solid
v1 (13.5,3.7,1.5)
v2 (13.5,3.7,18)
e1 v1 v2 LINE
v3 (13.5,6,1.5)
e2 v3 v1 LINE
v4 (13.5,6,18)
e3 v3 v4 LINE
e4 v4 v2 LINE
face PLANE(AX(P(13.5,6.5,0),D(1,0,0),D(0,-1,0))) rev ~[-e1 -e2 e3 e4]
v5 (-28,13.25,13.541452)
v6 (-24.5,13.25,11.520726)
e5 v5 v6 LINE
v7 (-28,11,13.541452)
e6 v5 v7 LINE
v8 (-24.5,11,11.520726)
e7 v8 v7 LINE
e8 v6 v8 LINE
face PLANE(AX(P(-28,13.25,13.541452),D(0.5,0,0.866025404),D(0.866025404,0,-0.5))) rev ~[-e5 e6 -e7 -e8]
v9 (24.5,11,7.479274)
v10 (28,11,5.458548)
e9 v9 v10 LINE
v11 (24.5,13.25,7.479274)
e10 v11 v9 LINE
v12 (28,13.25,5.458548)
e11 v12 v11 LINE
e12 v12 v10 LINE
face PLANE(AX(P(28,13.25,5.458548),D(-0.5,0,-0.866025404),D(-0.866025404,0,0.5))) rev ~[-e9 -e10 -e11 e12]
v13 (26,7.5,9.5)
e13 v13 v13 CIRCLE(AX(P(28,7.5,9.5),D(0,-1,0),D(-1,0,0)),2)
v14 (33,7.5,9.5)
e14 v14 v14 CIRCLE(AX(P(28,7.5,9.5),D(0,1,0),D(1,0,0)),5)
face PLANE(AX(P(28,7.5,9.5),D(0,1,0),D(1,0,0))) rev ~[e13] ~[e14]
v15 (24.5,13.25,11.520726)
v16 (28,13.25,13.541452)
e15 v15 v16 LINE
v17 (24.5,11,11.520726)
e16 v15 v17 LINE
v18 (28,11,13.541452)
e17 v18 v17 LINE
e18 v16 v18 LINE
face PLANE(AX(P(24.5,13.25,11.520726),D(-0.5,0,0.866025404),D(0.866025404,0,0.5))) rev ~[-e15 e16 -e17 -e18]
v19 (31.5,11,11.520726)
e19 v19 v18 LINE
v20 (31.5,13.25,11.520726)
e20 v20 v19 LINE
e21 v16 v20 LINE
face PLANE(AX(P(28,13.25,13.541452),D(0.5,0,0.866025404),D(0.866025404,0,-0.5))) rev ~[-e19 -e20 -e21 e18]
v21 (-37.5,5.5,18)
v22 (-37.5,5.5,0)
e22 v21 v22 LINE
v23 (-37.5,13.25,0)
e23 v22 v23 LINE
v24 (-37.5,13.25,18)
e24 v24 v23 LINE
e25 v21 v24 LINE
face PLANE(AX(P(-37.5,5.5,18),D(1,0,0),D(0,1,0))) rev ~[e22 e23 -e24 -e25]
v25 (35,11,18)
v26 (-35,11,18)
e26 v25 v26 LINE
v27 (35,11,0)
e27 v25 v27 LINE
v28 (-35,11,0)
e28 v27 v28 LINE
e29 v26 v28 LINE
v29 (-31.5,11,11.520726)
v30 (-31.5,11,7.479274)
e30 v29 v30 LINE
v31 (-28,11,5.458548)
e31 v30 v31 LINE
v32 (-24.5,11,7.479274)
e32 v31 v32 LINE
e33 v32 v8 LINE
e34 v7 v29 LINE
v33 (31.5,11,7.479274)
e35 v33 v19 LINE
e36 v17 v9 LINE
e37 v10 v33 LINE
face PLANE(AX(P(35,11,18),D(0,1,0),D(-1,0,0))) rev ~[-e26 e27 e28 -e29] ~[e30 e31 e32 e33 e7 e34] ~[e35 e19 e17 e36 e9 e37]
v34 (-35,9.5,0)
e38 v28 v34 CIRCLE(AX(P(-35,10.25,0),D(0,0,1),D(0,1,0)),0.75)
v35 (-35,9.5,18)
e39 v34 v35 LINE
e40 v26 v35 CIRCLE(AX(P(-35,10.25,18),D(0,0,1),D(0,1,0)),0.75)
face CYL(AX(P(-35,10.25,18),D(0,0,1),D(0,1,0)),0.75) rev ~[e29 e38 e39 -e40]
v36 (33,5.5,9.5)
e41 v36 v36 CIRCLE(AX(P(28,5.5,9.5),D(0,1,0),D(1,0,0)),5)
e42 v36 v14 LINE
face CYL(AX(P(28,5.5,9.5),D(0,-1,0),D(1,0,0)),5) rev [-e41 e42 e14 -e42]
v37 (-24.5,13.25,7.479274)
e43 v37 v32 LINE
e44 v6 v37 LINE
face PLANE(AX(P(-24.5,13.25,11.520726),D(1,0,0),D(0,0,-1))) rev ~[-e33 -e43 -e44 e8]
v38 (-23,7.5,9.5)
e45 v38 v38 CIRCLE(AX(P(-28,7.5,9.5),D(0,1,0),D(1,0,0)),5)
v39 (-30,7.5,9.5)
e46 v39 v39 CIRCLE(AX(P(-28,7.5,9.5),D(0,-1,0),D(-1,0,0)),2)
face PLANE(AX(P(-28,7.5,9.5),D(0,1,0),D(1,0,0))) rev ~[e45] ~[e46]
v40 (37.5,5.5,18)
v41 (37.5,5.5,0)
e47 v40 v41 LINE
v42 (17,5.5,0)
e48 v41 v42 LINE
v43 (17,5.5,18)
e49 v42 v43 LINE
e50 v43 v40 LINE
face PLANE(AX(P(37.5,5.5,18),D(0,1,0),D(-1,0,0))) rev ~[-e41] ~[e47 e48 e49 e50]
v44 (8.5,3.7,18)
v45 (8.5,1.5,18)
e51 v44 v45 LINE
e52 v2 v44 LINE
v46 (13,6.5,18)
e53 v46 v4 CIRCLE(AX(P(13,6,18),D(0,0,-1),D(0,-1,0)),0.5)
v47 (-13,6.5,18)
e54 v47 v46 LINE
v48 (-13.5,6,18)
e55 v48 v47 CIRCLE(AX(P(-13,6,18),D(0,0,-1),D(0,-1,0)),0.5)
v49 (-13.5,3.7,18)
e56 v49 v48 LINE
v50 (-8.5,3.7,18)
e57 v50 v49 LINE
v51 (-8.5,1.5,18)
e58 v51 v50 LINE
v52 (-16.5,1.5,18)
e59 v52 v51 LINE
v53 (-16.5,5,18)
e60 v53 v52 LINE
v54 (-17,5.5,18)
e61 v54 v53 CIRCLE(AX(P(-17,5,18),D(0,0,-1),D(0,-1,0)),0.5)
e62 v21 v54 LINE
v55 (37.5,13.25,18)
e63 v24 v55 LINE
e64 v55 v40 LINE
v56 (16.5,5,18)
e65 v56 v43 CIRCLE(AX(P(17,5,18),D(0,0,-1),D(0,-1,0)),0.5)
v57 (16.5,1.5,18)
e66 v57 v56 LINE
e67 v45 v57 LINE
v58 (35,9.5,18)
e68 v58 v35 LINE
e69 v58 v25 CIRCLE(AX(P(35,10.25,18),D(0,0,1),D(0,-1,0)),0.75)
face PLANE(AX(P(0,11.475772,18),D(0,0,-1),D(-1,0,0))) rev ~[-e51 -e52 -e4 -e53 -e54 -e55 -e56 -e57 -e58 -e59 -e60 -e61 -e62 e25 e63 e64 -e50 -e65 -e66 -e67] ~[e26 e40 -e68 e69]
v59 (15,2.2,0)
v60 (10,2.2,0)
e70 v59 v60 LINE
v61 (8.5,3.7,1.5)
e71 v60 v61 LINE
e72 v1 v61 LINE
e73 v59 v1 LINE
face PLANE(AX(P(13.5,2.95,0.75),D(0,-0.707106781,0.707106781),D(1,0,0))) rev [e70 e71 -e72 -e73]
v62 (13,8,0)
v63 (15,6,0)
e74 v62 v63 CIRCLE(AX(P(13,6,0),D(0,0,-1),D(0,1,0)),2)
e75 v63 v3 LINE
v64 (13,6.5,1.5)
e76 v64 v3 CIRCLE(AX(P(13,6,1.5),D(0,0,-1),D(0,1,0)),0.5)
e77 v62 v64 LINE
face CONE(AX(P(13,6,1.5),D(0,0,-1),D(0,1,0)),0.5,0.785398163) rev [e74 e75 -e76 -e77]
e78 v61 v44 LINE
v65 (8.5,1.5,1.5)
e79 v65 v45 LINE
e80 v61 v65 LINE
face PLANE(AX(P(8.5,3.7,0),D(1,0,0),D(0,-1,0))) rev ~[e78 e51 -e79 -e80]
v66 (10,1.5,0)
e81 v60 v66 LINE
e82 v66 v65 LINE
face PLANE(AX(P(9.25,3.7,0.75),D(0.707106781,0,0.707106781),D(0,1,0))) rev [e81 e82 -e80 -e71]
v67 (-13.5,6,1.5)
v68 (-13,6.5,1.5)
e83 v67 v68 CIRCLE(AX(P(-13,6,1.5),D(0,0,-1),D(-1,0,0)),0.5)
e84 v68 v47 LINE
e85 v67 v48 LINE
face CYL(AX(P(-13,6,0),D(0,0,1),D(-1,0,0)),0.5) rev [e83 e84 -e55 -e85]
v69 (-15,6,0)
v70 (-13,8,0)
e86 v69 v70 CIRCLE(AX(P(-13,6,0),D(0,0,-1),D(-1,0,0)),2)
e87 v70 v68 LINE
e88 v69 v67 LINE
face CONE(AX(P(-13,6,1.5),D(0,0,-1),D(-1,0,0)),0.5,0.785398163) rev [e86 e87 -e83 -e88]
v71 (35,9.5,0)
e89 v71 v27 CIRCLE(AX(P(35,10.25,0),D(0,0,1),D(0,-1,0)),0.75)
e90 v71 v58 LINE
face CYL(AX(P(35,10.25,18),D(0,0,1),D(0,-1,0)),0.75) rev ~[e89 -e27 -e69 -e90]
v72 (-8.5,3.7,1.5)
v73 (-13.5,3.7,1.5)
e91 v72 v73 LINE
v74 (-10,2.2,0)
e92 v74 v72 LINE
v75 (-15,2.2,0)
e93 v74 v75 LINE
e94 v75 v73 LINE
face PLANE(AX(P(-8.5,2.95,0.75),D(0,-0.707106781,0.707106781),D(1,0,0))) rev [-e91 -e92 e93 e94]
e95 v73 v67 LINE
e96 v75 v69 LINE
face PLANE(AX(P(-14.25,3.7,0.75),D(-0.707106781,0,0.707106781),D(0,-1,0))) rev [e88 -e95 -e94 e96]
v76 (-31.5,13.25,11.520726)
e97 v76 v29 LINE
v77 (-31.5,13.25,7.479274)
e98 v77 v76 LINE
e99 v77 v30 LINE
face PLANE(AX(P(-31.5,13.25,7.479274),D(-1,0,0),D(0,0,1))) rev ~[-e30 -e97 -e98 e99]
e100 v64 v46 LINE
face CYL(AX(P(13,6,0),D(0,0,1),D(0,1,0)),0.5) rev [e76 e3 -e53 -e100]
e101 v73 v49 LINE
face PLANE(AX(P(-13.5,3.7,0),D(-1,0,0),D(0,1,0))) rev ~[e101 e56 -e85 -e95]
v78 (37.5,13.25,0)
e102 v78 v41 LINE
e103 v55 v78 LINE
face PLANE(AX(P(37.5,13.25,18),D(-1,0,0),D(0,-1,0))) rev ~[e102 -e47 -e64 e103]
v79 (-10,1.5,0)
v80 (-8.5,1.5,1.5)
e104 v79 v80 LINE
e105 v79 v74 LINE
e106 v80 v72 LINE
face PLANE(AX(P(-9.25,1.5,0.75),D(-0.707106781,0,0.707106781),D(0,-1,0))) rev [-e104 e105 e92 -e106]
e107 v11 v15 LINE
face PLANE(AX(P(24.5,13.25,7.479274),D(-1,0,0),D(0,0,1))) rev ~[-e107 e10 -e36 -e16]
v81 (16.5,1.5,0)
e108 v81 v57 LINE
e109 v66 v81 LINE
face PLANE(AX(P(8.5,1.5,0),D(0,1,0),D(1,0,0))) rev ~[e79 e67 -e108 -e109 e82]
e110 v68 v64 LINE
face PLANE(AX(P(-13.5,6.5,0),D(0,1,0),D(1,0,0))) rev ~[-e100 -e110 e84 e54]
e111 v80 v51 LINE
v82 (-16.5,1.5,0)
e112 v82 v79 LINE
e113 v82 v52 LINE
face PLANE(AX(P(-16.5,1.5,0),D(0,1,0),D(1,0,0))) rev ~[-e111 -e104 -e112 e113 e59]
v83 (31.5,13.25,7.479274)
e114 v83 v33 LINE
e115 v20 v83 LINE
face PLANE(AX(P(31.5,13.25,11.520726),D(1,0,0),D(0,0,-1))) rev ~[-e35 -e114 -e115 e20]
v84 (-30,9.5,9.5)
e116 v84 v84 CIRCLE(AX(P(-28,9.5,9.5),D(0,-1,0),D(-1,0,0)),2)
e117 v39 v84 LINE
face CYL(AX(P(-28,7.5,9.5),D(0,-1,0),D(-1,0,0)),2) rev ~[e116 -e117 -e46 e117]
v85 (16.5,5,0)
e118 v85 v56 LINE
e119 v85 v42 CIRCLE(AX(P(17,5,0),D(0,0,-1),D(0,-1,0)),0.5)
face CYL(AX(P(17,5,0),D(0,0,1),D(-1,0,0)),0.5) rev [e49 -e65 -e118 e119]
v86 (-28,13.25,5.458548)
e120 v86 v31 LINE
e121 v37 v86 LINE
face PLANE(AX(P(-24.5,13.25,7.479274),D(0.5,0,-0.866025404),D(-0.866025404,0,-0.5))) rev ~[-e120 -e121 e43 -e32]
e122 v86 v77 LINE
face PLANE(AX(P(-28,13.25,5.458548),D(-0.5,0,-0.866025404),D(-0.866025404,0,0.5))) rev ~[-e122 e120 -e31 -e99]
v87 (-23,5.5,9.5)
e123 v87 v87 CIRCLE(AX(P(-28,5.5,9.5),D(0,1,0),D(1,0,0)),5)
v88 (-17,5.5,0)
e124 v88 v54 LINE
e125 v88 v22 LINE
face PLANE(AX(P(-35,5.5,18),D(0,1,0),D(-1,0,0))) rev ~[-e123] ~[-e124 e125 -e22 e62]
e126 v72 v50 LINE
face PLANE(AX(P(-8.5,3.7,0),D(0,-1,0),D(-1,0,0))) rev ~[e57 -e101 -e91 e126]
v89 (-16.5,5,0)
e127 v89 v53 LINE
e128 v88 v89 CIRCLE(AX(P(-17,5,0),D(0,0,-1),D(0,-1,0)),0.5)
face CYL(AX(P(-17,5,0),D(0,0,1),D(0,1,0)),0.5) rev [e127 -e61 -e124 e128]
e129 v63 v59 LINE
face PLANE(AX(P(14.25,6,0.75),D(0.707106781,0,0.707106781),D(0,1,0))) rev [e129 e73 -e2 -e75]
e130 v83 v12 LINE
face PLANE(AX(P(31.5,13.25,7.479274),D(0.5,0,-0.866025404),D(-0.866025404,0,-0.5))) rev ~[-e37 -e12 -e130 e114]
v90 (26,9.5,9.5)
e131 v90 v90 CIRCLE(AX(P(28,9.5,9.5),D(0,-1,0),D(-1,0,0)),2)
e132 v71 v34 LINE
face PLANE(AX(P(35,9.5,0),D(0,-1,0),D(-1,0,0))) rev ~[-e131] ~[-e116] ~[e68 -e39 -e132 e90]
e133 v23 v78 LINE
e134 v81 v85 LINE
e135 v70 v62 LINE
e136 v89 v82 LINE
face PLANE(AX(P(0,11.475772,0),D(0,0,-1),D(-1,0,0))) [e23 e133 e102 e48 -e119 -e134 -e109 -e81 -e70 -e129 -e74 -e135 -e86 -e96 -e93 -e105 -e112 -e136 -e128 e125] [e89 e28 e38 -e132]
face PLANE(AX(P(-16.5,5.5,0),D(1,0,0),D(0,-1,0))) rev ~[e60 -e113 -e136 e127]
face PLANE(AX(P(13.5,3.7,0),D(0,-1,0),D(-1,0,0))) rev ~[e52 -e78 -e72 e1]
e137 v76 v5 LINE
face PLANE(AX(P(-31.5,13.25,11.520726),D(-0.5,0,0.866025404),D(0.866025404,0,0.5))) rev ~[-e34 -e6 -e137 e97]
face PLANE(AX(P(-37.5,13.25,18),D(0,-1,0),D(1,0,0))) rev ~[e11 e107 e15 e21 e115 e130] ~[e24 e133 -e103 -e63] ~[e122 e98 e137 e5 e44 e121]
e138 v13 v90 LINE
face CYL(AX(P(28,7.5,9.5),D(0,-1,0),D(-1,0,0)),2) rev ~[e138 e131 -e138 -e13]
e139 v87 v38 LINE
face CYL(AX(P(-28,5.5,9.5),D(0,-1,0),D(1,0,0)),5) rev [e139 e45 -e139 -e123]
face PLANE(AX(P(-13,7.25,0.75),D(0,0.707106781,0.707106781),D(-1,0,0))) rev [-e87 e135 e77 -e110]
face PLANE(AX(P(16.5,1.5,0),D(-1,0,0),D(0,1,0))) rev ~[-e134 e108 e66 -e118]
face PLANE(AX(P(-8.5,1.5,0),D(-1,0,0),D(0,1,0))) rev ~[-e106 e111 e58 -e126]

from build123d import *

# Parameters (mm, degrees)
DODANIE_WYCI_GNI_CIE1_DEPTH = 18
WYTNIJ_WYCI_GNI_CIE1_START  = -4
SZKIC4_R                    = 5
WYTNIJ_WYCI_GNI_CIE1_DEPTH  = 2
SZKIC5_R                    = 2
WYTNIJ_WYCI_GNI_CIE2_DEPTH  = 2.653427208
ZAOKR_GLENIE1_R             = 0.5
DODANIE_WYCI_GNI_CIE2_DEPTH = 18
WYTNIJ_WYCI_GNI_CIE3_REACH  = 13.75
SFAZOWANIE1_SIZE            = 1.5


with BuildPart() as part:
    # Szkic1 → Dodanie-wyciągnięcie1 (new body)
    with BuildSketch(Plane.XY):
        Polygon((-13.5, 3.7), (-13.5, 6.5), (13.5, 6.5), (13.5, 3.7), (8.5, 3.7), (8.5, 1.5), (16.5, 1.5), (16.5, 5.5), (35, 5.5), (35, 9.5), (-35, 9.5), (-35, 5.5), (-16.5, 5.5), (-16.5, 1.5), (-8.5, 1.5), (-8.5, 3.7), align=None)
    extrude(amount=DODANIE_WYCI_GNI_CIE1_DEPTH)

    # Szkic4 → Wytnij-wyciągnięcie1 (cut)
    with BuildSketch(Plane(origin=(0, 9.5, 0), x_dir=(1, 0, 0), z_dir=(0, 1, 0)).offset(WYTNIJ_WYCI_GNI_CIE1_START)):
        with Locations((-28, -9.5)):
            Circle(SZKIC4_R)
        with Locations((28, -9.5)):
            Circle(SZKIC4_R)
    extrude(amount=WYTNIJ_WYCI_GNI_CIE1_DEPTH, mode=Mode.SUBTRACT)

    # Szkic5 → Wytnij-wyciągnięcie2 (cut)
    with BuildSketch(Plane(origin=(0, 7.5, 0), x_dir=(-1, 0, 0), z_dir=(0, -1, 0))):
        with Locations((28, -9.5)):
            Circle(SZKIC5_R)
        with Locations((-28, -9.5)):
            Circle(SZKIC5_R)
    extrude(amount=-WYTNIJ_WYCI_GNI_CIE2_DEPTH, mode=Mode.SUBTRACT)

    # Zaokrąglenie1
    zaokr_glenie1_edges = [part.edges().sort_by_distance(p)[0] for p in [
        (-16.5, 5.5, 9),
        (16.5, 5.5, 9),
        (13.5, 6.5, 9),
        (-13.5, 6.5, 9),
    ]]
    fillet(zaokr_glenie1_edges, radius=ZAOKR_GLENIE1_R)

    # Szkic6 → Dodanie-wyciągnięcie2 (add)
    with BuildSketch(Plane.XY.offset(18)):
        with BuildLine():
            Line((35, 11), (-35, 11))
            ThreePointArc((-35, 11), (-35.75, 10.25), (-35, 9.5))
            Line((-35, 9.5), (-35, 5.5))
            Line((-35, 5.5), (-37.5, 5.5))
            Line((-37.5, 5.5), (-37.5, 13.25))
            Line((-37.5, 13.25), (37.5, 13.25))
            Line((37.5, 13.25), (37.5, 5.5))
            Line((37.5, 5.5), (35, 5.5))
            Line((35, 5.5), (35, 9.5))
            ThreePointArc((35, 9.5), (35.75, 10.25), (35, 11))
        make_face()
    extrude(amount=-DODANIE_WYCI_GNI_CIE2_DEPTH)

    # Szkic7 → Wytnij-wyciągnięcie3 (cut, up to next)
    with BuildSketch(Plane(origin=(0, 13.25, 0), x_dir=(1, 0, 0), z_dir=(0, 1, 0)), mode=Mode.PRIVATE) as wytnij_wyci_gni_cie3_sk1:
        Polygon((-31.5, -7.479274058), (-31.5, -11.520725942), (-28, -13.541451884), (-24.5, -11.520725942), (-24.5, -7.479274058), (-28, -5.458548116), align=None)
    wytnij_wyci_gni_cie3_tool1 = extrude(wytnij_wyci_gni_cie3_sk1.sketch, amount=-WYTNIJ_WYCI_GNI_CIE3_REACH, mode=Mode.PRIVATE) & part.part
    add(wytnij_wyci_gni_cie3_tool1.solids().sort_by_distance((-28, 13.25, 9.5))[0], mode=Mode.SUBTRACT)
    # Szkic7 → Wytnij-wyciągnięcie3 (cut, up to next)
    with BuildSketch(Plane(origin=(0, 13.25, 0), x_dir=(1, 0, 0), z_dir=(0, 1, 0)), mode=Mode.PRIVATE) as wytnij_wyci_gni_cie3_sk2:
        Polygon((28, -5.458548116), (24.5, -7.479274058), (24.5, -11.520725942), (28, -13.541451884), (31.5, -11.520725942), (31.5, -7.479274058), align=None)
    wytnij_wyci_gni_cie3_tool2 = extrude(wytnij_wyci_gni_cie3_sk2.sketch, amount=-WYTNIJ_WYCI_GNI_CIE3_REACH, mode=Mode.PRIVATE) & part.part
    add(wytnij_wyci_gni_cie3_tool2.solids().sort_by_distance((28, 13.25, 9.5))[0], mode=Mode.SUBTRACT)

    # Sfazowanie1
    sfazowanie1_edges = [part.edges().sort_by_distance(p)[0] for p in [
        (-8.5, 2.6, 0),
        (8.5, 2.6, 0),
        (11, 3.7, 0),
        (-13.5, 4.85, 0),
        (-11, 3.7, 0),
        (0, 6.5, 0),
        (13.5, 4.85, 0),
        (-13.353553391, 6.353553391, 0),
        (13.353553391, 6.353553391, 0),
    ]]
    chamfer(sfazowanie1_edges, length=SFAZOWANIE1_SIZE)


solid = part.part
